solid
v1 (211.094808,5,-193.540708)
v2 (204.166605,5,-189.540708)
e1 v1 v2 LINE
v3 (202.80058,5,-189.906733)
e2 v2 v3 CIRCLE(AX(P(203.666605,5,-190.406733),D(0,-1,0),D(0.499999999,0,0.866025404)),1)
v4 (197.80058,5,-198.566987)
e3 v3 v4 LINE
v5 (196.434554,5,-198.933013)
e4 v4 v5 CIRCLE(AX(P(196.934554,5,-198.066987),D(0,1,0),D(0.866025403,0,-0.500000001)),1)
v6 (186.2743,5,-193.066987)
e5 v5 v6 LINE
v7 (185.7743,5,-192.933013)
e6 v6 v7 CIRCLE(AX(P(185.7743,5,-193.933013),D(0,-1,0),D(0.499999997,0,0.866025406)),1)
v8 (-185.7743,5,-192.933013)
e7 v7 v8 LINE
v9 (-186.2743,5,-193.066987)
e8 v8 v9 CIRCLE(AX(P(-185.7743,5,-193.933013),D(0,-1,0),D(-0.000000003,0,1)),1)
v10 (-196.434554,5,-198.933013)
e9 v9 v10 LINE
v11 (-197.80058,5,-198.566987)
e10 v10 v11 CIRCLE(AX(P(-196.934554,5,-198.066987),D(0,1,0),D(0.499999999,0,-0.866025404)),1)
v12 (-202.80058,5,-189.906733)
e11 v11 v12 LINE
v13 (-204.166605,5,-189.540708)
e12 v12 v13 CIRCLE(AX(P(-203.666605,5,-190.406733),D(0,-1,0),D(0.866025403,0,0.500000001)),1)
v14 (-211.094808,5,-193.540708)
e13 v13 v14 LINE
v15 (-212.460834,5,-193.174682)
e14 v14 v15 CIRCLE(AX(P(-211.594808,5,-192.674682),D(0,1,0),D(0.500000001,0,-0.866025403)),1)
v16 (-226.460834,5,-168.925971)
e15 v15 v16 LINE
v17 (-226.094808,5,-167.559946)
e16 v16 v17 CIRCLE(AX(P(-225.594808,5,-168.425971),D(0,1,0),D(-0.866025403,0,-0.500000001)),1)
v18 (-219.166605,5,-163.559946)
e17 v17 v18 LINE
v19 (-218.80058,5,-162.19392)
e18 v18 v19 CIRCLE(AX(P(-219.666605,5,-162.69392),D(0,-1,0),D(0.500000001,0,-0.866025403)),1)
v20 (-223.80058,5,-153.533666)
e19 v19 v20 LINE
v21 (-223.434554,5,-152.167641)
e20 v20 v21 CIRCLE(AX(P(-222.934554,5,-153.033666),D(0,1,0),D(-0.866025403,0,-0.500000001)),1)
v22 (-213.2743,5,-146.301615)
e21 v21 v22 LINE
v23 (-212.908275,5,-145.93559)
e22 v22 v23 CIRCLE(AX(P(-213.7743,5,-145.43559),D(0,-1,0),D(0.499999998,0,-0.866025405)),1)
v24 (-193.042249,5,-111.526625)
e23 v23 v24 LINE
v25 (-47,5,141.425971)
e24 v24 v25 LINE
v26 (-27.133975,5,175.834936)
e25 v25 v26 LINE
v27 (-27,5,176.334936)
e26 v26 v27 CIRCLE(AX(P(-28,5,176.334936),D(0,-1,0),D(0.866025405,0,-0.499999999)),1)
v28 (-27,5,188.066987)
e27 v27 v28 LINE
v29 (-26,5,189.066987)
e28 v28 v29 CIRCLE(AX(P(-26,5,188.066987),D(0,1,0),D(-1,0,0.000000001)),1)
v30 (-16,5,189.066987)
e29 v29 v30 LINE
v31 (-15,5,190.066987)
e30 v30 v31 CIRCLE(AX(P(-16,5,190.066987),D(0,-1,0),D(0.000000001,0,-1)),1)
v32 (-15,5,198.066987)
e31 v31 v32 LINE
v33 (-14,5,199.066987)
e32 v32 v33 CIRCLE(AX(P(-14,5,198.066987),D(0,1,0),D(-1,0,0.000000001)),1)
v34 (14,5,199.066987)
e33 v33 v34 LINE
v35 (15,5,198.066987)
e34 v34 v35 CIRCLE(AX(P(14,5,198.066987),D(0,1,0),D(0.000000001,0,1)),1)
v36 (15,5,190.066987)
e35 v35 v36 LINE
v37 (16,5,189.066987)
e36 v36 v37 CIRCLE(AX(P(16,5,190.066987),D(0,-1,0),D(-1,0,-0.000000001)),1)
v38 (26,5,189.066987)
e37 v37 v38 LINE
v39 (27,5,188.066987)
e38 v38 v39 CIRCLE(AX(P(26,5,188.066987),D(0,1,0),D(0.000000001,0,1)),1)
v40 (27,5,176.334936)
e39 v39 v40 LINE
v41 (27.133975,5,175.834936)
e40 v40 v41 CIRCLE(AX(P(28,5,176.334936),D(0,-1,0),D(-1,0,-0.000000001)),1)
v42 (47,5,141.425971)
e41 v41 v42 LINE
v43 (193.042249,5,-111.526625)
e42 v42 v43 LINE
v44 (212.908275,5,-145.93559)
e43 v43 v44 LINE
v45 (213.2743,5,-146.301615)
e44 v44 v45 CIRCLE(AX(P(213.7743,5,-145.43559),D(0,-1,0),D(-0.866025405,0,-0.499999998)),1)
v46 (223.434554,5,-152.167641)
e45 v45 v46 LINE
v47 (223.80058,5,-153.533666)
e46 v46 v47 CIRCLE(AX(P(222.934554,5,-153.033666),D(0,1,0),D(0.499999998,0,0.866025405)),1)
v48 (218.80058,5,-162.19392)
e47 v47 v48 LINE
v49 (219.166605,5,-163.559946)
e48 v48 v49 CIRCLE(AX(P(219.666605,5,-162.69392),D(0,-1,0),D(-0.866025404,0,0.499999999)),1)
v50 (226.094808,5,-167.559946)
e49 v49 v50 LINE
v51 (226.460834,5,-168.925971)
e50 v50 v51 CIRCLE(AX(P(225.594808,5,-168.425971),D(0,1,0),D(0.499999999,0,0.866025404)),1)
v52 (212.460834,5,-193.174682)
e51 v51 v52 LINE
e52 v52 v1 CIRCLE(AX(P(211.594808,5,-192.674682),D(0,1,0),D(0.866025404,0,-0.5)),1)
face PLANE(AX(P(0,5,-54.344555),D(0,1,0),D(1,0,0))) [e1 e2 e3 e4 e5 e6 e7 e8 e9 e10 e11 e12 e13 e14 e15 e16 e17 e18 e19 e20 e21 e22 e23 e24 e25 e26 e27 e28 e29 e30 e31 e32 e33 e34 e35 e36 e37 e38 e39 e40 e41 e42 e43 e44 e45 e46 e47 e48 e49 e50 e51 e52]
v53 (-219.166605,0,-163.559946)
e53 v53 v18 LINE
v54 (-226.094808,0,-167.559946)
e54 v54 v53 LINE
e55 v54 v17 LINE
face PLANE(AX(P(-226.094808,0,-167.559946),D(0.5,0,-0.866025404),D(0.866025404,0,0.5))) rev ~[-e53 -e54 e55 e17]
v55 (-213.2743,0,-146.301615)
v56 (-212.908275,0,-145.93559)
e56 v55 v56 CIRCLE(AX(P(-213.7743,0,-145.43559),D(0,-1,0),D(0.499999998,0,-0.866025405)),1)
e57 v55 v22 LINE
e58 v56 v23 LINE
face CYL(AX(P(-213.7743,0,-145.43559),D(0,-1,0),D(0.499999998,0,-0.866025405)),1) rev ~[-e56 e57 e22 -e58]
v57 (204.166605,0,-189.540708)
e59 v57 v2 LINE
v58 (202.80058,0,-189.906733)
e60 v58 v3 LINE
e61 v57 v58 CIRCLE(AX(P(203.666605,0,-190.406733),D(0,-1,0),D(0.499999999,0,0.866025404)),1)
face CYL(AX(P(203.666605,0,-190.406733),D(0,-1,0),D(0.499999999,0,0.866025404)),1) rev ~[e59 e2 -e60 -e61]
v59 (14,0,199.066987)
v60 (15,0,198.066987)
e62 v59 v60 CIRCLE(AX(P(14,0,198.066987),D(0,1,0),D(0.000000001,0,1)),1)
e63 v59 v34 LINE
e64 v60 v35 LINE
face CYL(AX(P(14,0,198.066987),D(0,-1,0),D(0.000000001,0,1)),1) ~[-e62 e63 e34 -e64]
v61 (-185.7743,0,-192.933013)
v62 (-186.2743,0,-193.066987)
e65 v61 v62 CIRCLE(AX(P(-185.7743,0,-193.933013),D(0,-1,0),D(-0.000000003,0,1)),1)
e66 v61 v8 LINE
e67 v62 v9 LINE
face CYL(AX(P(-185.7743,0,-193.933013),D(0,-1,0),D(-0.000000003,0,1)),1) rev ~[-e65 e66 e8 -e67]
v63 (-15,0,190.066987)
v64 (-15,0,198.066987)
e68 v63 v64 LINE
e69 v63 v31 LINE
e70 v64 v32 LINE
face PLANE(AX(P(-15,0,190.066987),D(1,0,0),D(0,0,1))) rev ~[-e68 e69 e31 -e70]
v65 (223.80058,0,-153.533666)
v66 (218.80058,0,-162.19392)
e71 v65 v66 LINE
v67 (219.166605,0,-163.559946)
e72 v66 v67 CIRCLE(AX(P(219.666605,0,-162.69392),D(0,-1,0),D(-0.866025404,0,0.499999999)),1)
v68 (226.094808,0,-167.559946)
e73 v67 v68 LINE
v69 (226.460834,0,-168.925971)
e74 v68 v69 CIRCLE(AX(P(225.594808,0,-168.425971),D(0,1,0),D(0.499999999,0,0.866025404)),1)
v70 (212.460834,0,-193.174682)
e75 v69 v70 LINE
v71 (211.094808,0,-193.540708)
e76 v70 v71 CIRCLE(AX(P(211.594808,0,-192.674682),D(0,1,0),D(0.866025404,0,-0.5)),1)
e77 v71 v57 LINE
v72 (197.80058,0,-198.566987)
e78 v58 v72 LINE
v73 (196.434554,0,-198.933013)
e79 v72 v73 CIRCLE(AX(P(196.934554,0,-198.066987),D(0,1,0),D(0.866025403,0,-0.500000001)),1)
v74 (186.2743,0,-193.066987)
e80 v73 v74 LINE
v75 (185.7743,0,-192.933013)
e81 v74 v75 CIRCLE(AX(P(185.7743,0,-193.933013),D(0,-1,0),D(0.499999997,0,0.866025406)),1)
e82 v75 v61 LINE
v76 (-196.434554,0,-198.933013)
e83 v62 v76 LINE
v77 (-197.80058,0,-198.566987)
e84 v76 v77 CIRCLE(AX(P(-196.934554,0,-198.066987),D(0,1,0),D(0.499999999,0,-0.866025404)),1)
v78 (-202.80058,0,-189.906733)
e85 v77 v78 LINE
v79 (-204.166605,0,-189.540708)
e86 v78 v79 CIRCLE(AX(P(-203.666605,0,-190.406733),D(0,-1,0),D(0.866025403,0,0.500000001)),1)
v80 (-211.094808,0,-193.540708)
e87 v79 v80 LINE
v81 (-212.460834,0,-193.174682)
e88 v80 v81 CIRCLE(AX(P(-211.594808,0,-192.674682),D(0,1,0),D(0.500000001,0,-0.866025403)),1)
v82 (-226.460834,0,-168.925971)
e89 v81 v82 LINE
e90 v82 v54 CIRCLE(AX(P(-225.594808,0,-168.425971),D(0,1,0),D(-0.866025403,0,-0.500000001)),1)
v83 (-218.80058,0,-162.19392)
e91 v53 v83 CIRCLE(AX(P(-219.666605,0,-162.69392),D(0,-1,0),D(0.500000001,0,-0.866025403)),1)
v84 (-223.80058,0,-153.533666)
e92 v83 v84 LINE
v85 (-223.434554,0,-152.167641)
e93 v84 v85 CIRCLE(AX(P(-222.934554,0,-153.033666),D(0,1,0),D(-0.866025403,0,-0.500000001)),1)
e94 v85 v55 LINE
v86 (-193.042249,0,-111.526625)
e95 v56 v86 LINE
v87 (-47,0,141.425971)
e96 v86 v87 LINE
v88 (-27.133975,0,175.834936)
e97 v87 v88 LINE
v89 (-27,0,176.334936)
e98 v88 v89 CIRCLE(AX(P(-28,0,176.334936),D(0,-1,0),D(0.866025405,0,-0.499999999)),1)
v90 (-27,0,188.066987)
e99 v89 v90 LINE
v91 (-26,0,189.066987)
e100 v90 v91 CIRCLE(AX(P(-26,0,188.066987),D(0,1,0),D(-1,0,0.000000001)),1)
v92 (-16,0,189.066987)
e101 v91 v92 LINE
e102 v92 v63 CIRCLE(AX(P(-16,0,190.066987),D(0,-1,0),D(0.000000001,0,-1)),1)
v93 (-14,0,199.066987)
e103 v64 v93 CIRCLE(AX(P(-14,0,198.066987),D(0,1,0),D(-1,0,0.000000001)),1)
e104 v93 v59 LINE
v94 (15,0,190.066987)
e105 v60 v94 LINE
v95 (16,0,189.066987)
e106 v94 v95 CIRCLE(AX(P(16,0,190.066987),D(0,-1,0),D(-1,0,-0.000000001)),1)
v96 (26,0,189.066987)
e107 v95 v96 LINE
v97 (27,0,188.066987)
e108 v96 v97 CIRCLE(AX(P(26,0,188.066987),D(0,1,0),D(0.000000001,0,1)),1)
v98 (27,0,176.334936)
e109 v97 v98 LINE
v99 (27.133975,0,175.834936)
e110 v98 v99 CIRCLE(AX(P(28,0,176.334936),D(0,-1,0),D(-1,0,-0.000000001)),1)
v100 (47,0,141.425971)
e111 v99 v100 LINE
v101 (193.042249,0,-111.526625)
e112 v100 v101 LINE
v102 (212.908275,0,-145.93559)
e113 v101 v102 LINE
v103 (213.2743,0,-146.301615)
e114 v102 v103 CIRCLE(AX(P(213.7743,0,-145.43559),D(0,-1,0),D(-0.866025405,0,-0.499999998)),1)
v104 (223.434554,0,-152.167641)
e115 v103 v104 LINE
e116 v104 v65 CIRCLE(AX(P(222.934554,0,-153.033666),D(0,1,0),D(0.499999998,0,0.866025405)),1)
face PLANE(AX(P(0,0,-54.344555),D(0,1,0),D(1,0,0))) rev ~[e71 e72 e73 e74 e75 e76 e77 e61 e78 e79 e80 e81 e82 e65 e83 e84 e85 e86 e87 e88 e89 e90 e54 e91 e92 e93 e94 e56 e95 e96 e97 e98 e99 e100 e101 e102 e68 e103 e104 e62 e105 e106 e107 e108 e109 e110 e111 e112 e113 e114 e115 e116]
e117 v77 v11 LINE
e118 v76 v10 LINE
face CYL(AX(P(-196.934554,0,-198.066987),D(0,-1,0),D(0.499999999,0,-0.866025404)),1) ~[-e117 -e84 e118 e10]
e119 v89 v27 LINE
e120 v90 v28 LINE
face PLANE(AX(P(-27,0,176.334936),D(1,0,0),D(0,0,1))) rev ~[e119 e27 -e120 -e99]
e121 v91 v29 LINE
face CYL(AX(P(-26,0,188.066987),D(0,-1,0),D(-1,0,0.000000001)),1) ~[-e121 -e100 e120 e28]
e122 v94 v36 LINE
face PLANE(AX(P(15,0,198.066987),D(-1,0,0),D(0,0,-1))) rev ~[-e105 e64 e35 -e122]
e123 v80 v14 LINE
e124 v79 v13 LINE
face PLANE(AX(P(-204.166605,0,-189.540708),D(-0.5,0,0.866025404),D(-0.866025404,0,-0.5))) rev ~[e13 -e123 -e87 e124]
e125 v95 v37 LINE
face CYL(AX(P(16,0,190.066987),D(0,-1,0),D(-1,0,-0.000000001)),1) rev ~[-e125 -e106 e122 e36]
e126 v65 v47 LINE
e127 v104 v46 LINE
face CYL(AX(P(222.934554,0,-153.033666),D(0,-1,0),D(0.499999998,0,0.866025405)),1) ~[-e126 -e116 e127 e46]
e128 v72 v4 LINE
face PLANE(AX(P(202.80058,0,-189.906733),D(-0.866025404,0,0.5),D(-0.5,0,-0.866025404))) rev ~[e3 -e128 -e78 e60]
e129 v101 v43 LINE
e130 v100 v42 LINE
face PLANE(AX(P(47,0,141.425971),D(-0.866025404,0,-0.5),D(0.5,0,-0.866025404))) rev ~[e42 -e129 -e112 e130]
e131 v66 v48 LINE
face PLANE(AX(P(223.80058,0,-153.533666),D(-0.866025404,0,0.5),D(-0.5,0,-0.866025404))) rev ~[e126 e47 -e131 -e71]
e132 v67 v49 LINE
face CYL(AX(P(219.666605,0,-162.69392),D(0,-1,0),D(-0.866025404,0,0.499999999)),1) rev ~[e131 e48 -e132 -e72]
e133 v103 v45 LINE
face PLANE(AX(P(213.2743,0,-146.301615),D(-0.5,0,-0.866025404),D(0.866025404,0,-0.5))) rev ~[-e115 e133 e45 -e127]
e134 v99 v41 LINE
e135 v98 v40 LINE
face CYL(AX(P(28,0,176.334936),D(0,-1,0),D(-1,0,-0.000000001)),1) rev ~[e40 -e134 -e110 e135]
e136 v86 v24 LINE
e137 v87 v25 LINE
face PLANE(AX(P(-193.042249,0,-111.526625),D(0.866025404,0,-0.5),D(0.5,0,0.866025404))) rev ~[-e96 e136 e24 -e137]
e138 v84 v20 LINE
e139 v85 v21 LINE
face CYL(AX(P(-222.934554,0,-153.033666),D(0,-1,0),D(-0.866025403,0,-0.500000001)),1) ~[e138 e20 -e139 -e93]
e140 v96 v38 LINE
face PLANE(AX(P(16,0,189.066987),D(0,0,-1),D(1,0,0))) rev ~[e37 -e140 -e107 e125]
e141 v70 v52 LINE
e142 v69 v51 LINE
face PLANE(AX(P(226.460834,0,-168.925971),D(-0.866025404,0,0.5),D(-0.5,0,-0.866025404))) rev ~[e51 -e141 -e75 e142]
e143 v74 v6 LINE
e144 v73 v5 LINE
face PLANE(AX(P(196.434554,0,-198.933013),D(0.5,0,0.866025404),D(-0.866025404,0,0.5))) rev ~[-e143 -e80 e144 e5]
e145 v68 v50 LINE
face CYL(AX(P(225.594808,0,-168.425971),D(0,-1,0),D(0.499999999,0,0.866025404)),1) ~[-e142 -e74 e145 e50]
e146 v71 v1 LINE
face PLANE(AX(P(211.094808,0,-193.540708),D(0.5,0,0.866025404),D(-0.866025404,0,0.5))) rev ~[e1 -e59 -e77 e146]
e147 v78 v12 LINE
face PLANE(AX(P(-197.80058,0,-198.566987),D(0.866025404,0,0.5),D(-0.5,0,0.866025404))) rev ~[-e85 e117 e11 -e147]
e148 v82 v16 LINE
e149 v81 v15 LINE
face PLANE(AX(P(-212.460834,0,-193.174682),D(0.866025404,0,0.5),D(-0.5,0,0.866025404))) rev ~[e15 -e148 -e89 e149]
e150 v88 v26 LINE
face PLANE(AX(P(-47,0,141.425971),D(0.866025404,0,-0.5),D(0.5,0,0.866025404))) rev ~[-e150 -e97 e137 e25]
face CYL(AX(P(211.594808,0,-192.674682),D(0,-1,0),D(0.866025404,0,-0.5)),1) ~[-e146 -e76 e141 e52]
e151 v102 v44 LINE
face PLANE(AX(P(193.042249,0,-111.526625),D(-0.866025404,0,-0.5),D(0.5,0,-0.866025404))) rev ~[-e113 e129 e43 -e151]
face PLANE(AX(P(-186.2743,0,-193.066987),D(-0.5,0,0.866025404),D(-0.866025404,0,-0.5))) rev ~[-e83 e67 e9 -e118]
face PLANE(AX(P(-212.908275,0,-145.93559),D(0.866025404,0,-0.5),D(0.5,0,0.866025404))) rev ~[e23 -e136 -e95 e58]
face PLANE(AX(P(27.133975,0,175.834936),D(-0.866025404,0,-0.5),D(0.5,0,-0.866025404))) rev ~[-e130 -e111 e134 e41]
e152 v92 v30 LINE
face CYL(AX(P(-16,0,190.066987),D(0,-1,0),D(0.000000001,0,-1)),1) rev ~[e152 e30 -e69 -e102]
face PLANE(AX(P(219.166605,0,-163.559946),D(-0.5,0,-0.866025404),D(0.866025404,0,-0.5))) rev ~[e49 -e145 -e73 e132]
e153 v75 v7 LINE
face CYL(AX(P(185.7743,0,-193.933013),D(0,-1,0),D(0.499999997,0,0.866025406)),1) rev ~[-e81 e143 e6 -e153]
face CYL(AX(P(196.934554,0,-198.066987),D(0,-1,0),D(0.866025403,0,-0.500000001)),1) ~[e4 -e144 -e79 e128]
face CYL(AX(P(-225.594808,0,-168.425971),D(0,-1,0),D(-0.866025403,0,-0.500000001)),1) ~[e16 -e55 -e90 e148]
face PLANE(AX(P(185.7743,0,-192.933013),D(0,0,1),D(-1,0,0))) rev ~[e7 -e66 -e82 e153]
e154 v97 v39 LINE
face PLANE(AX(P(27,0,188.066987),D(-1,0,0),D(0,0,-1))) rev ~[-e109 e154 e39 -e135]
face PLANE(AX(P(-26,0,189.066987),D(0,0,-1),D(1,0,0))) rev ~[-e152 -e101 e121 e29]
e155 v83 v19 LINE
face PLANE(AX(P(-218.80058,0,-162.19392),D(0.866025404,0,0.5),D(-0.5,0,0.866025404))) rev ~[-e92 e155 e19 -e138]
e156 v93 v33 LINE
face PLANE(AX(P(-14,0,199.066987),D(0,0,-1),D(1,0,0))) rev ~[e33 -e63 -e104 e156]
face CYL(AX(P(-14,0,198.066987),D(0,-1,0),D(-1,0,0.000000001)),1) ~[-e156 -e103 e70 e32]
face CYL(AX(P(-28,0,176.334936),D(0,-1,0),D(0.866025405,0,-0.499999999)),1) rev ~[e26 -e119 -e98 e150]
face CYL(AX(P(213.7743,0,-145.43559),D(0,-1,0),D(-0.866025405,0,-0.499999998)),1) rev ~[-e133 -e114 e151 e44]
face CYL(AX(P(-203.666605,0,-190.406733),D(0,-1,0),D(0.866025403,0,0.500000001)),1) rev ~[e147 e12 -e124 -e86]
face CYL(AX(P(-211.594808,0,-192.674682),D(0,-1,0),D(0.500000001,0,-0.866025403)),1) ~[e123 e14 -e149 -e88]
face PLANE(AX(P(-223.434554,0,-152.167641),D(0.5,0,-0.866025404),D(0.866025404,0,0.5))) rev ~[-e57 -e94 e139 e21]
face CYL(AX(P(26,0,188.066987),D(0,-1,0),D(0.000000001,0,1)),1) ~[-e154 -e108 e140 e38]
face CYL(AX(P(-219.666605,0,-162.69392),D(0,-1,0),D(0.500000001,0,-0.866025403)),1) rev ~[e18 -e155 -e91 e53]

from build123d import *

# Parameters (mm, degrees)
EXTRUDE_1_DEPTH = 5


with BuildPart() as part:
    # 草圖1 → 填料-伸長1 (new body)
    with BuildSketch(Plane(origin=(0, 0, 0), x_dir=(1, 0, 0), z_dir=(0, 1, 0))):
        with BuildLine():
            Line((27.133974596, -175.834936491), (47, -141.425971147))
            Line((47, -141.425971147), (193.042249331, 111.526624746))
            Line((193.042249331, 111.526624746), (212.908274735, 145.93559009))
            ThreePointArc((212.908274735, 145.93559009), (213.067193357, 146.142696871), (213.274300139, 146.301615494))
            Line((213.274300139, 146.301615494), (223.434554176, 152.167640898))
            ThreePointArc((223.434554176, 152.167640898), (223.900480003, 152.774847256), (223.80057958, 153.533666301))
            Line((223.80057958, 153.533666301), (218.80057958, 162.193920339))
            ThreePointArc((218.80057958, 162.193920339), (218.700679158, 162.952739384), (219.166604984, 163.559945743))
            Line((219.166604984, 163.559945743), (226.094808214, 167.559945743))
            ThreePointArc((226.094808214, 167.559945743), (226.560734041, 168.167152102), (226.460833618, 168.925971147))
            Line((226.460833618, 168.925971147), (212.460833618, 193.174682453))
            ThreePointArc((212.460833618, 193.174682453), (211.853627259, 193.640608279), (211.094808214, 193.540707856))
            Line((211.094808214, 193.540707856), (204.166604984, 189.540707856))
            ThreePointArc((204.166604984, 189.540707856), (203.407785939, 189.440807434), (202.80057958, 189.90673326))
            Line((202.80057958, 189.90673326), (197.80057958, 198.566987298))
            ThreePointArc((197.80057958, 198.566987298), (197.193373221, 199.032913124), (196.434554176, 198.933012702))
            Line((196.434554176, 198.933012702), (186.274300139, 193.066987298))
            ThreePointArc((186.274300139, 193.066987298), (186.033119184, 192.967086876), (185.774300139, 192.933012702))
            Line((185.774300139, 192.933012702), (146.042249331, 192.933012702))
            Line((146.042249331, 192.933012702), (-146.042249331, 192.933012702))
            Line((-146.042249331, 192.933012702), (-185.774300139, 192.933012702))
            ThreePointArc((-185.774300139, 192.933012702), (-186.033119184, 192.967086876), (-186.274300139, 193.066987298))
            Line((-186.274300139, 193.066987298), (-196.434554176, 198.933012702))
            ThreePointArc((-196.434554176, 198.933012702), (-197.193373221, 199.032913124), (-197.80057958, 198.566987298))
            Line((-197.80057958, 198.566987298), (-202.80057958, 189.90673326))
            ThreePointArc((-202.80057958, 189.90673326), (-203.407785939, 189.440807434), (-204.166604984, 189.540707856))
            Line((-204.166604984, 189.540707856), (-211.094808214, 193.540707856))
            ThreePointArc((-211.094808214, 193.540707856), (-211.853627259, 193.640608279), (-212.460833618, 193.174682453))
            Line((-212.460833618, 193.174682453), (-226.460833618, 168.925971147))
            ThreePointArc((-226.460833618, 168.925971147), (-226.560734041, 168.167152102), (-226.094808214, 167.559945743))
            Line((-226.094808214, 167.559945743), (-219.166604984, 163.559945743))
            ThreePointArc((-219.166604984, 163.559945743), (-218.700679158, 162.952739384), (-218.80057958, 162.193920339))
            Line((-218.80057958, 162.193920339), (-223.80057958, 153.533666301))
            ThreePointArc((-223.80057958, 153.533666301), (-223.900480003, 152.774847256), (-223.434554176, 152.167640898))
            Line((-223.434554176, 152.167640898), (-213.274300139, 146.301615494))
            ThreePointArc((-213.274300139, 146.301615494), (-213.067193357, 146.142696871), (-212.908274735, 145.93559009))
            Line((-212.908274735, 145.93559009), (-193.042249331, 111.526624746))
            Line((-193.042249331, 111.526624746), (-47, -141.425971147))
            Line((-47, -141.425971147), (-27.133974596, -175.834936491))
            ThreePointArc((-27.133974596, -175.834936491), (-27.034074174, -176.076117445), (-27, -176.334936491))
            Line((-27, -176.334936491), (-27, -188.066987298))
            ThreePointArc((-27, -188.066987298), (-26.707106781, -188.774094079), (-26, -189.066987298))
            Line((-26, -189.066987298), (-16, -189.066987298))
            ThreePointArc((-16, -189.066987298), (-15.292893219, -189.359880517), (-15, -190.066987298))
            Line((-15, -190.066987298), (-15, -198.066987298))
            ThreePointArc((-15, -198.066987298), (-14.707106781, -198.774094079), (-14, -199.066987298))
            Line((-14, -199.066987298), (14, -199.066987298))
            ThreePointArc((14, -199.066987298), (14.707106781, -198.774094079), (15, -198.066987298))
            Line((15, -198.066987298), (15, -190.066987298))
            ThreePointArc((15, -190.066987298), (15.292893219, -189.359880517), (16, -189.066987298))
            Line((16, -189.066987298), (26, -189.066987298))
            ThreePointArc((26, -189.066987298), (26.707106781, -188.774094079), (27, -188.066987298))
            Line((27, -188.066987298), (27, -176.334936491))
            ThreePointArc((27, -176.334936491), (27.034074174, -176.076117445), (27.133974596, -175.834936491))
        make_face()
    extrude(amount=EXTRUDE_1_DEPTH)


solid = part.part
